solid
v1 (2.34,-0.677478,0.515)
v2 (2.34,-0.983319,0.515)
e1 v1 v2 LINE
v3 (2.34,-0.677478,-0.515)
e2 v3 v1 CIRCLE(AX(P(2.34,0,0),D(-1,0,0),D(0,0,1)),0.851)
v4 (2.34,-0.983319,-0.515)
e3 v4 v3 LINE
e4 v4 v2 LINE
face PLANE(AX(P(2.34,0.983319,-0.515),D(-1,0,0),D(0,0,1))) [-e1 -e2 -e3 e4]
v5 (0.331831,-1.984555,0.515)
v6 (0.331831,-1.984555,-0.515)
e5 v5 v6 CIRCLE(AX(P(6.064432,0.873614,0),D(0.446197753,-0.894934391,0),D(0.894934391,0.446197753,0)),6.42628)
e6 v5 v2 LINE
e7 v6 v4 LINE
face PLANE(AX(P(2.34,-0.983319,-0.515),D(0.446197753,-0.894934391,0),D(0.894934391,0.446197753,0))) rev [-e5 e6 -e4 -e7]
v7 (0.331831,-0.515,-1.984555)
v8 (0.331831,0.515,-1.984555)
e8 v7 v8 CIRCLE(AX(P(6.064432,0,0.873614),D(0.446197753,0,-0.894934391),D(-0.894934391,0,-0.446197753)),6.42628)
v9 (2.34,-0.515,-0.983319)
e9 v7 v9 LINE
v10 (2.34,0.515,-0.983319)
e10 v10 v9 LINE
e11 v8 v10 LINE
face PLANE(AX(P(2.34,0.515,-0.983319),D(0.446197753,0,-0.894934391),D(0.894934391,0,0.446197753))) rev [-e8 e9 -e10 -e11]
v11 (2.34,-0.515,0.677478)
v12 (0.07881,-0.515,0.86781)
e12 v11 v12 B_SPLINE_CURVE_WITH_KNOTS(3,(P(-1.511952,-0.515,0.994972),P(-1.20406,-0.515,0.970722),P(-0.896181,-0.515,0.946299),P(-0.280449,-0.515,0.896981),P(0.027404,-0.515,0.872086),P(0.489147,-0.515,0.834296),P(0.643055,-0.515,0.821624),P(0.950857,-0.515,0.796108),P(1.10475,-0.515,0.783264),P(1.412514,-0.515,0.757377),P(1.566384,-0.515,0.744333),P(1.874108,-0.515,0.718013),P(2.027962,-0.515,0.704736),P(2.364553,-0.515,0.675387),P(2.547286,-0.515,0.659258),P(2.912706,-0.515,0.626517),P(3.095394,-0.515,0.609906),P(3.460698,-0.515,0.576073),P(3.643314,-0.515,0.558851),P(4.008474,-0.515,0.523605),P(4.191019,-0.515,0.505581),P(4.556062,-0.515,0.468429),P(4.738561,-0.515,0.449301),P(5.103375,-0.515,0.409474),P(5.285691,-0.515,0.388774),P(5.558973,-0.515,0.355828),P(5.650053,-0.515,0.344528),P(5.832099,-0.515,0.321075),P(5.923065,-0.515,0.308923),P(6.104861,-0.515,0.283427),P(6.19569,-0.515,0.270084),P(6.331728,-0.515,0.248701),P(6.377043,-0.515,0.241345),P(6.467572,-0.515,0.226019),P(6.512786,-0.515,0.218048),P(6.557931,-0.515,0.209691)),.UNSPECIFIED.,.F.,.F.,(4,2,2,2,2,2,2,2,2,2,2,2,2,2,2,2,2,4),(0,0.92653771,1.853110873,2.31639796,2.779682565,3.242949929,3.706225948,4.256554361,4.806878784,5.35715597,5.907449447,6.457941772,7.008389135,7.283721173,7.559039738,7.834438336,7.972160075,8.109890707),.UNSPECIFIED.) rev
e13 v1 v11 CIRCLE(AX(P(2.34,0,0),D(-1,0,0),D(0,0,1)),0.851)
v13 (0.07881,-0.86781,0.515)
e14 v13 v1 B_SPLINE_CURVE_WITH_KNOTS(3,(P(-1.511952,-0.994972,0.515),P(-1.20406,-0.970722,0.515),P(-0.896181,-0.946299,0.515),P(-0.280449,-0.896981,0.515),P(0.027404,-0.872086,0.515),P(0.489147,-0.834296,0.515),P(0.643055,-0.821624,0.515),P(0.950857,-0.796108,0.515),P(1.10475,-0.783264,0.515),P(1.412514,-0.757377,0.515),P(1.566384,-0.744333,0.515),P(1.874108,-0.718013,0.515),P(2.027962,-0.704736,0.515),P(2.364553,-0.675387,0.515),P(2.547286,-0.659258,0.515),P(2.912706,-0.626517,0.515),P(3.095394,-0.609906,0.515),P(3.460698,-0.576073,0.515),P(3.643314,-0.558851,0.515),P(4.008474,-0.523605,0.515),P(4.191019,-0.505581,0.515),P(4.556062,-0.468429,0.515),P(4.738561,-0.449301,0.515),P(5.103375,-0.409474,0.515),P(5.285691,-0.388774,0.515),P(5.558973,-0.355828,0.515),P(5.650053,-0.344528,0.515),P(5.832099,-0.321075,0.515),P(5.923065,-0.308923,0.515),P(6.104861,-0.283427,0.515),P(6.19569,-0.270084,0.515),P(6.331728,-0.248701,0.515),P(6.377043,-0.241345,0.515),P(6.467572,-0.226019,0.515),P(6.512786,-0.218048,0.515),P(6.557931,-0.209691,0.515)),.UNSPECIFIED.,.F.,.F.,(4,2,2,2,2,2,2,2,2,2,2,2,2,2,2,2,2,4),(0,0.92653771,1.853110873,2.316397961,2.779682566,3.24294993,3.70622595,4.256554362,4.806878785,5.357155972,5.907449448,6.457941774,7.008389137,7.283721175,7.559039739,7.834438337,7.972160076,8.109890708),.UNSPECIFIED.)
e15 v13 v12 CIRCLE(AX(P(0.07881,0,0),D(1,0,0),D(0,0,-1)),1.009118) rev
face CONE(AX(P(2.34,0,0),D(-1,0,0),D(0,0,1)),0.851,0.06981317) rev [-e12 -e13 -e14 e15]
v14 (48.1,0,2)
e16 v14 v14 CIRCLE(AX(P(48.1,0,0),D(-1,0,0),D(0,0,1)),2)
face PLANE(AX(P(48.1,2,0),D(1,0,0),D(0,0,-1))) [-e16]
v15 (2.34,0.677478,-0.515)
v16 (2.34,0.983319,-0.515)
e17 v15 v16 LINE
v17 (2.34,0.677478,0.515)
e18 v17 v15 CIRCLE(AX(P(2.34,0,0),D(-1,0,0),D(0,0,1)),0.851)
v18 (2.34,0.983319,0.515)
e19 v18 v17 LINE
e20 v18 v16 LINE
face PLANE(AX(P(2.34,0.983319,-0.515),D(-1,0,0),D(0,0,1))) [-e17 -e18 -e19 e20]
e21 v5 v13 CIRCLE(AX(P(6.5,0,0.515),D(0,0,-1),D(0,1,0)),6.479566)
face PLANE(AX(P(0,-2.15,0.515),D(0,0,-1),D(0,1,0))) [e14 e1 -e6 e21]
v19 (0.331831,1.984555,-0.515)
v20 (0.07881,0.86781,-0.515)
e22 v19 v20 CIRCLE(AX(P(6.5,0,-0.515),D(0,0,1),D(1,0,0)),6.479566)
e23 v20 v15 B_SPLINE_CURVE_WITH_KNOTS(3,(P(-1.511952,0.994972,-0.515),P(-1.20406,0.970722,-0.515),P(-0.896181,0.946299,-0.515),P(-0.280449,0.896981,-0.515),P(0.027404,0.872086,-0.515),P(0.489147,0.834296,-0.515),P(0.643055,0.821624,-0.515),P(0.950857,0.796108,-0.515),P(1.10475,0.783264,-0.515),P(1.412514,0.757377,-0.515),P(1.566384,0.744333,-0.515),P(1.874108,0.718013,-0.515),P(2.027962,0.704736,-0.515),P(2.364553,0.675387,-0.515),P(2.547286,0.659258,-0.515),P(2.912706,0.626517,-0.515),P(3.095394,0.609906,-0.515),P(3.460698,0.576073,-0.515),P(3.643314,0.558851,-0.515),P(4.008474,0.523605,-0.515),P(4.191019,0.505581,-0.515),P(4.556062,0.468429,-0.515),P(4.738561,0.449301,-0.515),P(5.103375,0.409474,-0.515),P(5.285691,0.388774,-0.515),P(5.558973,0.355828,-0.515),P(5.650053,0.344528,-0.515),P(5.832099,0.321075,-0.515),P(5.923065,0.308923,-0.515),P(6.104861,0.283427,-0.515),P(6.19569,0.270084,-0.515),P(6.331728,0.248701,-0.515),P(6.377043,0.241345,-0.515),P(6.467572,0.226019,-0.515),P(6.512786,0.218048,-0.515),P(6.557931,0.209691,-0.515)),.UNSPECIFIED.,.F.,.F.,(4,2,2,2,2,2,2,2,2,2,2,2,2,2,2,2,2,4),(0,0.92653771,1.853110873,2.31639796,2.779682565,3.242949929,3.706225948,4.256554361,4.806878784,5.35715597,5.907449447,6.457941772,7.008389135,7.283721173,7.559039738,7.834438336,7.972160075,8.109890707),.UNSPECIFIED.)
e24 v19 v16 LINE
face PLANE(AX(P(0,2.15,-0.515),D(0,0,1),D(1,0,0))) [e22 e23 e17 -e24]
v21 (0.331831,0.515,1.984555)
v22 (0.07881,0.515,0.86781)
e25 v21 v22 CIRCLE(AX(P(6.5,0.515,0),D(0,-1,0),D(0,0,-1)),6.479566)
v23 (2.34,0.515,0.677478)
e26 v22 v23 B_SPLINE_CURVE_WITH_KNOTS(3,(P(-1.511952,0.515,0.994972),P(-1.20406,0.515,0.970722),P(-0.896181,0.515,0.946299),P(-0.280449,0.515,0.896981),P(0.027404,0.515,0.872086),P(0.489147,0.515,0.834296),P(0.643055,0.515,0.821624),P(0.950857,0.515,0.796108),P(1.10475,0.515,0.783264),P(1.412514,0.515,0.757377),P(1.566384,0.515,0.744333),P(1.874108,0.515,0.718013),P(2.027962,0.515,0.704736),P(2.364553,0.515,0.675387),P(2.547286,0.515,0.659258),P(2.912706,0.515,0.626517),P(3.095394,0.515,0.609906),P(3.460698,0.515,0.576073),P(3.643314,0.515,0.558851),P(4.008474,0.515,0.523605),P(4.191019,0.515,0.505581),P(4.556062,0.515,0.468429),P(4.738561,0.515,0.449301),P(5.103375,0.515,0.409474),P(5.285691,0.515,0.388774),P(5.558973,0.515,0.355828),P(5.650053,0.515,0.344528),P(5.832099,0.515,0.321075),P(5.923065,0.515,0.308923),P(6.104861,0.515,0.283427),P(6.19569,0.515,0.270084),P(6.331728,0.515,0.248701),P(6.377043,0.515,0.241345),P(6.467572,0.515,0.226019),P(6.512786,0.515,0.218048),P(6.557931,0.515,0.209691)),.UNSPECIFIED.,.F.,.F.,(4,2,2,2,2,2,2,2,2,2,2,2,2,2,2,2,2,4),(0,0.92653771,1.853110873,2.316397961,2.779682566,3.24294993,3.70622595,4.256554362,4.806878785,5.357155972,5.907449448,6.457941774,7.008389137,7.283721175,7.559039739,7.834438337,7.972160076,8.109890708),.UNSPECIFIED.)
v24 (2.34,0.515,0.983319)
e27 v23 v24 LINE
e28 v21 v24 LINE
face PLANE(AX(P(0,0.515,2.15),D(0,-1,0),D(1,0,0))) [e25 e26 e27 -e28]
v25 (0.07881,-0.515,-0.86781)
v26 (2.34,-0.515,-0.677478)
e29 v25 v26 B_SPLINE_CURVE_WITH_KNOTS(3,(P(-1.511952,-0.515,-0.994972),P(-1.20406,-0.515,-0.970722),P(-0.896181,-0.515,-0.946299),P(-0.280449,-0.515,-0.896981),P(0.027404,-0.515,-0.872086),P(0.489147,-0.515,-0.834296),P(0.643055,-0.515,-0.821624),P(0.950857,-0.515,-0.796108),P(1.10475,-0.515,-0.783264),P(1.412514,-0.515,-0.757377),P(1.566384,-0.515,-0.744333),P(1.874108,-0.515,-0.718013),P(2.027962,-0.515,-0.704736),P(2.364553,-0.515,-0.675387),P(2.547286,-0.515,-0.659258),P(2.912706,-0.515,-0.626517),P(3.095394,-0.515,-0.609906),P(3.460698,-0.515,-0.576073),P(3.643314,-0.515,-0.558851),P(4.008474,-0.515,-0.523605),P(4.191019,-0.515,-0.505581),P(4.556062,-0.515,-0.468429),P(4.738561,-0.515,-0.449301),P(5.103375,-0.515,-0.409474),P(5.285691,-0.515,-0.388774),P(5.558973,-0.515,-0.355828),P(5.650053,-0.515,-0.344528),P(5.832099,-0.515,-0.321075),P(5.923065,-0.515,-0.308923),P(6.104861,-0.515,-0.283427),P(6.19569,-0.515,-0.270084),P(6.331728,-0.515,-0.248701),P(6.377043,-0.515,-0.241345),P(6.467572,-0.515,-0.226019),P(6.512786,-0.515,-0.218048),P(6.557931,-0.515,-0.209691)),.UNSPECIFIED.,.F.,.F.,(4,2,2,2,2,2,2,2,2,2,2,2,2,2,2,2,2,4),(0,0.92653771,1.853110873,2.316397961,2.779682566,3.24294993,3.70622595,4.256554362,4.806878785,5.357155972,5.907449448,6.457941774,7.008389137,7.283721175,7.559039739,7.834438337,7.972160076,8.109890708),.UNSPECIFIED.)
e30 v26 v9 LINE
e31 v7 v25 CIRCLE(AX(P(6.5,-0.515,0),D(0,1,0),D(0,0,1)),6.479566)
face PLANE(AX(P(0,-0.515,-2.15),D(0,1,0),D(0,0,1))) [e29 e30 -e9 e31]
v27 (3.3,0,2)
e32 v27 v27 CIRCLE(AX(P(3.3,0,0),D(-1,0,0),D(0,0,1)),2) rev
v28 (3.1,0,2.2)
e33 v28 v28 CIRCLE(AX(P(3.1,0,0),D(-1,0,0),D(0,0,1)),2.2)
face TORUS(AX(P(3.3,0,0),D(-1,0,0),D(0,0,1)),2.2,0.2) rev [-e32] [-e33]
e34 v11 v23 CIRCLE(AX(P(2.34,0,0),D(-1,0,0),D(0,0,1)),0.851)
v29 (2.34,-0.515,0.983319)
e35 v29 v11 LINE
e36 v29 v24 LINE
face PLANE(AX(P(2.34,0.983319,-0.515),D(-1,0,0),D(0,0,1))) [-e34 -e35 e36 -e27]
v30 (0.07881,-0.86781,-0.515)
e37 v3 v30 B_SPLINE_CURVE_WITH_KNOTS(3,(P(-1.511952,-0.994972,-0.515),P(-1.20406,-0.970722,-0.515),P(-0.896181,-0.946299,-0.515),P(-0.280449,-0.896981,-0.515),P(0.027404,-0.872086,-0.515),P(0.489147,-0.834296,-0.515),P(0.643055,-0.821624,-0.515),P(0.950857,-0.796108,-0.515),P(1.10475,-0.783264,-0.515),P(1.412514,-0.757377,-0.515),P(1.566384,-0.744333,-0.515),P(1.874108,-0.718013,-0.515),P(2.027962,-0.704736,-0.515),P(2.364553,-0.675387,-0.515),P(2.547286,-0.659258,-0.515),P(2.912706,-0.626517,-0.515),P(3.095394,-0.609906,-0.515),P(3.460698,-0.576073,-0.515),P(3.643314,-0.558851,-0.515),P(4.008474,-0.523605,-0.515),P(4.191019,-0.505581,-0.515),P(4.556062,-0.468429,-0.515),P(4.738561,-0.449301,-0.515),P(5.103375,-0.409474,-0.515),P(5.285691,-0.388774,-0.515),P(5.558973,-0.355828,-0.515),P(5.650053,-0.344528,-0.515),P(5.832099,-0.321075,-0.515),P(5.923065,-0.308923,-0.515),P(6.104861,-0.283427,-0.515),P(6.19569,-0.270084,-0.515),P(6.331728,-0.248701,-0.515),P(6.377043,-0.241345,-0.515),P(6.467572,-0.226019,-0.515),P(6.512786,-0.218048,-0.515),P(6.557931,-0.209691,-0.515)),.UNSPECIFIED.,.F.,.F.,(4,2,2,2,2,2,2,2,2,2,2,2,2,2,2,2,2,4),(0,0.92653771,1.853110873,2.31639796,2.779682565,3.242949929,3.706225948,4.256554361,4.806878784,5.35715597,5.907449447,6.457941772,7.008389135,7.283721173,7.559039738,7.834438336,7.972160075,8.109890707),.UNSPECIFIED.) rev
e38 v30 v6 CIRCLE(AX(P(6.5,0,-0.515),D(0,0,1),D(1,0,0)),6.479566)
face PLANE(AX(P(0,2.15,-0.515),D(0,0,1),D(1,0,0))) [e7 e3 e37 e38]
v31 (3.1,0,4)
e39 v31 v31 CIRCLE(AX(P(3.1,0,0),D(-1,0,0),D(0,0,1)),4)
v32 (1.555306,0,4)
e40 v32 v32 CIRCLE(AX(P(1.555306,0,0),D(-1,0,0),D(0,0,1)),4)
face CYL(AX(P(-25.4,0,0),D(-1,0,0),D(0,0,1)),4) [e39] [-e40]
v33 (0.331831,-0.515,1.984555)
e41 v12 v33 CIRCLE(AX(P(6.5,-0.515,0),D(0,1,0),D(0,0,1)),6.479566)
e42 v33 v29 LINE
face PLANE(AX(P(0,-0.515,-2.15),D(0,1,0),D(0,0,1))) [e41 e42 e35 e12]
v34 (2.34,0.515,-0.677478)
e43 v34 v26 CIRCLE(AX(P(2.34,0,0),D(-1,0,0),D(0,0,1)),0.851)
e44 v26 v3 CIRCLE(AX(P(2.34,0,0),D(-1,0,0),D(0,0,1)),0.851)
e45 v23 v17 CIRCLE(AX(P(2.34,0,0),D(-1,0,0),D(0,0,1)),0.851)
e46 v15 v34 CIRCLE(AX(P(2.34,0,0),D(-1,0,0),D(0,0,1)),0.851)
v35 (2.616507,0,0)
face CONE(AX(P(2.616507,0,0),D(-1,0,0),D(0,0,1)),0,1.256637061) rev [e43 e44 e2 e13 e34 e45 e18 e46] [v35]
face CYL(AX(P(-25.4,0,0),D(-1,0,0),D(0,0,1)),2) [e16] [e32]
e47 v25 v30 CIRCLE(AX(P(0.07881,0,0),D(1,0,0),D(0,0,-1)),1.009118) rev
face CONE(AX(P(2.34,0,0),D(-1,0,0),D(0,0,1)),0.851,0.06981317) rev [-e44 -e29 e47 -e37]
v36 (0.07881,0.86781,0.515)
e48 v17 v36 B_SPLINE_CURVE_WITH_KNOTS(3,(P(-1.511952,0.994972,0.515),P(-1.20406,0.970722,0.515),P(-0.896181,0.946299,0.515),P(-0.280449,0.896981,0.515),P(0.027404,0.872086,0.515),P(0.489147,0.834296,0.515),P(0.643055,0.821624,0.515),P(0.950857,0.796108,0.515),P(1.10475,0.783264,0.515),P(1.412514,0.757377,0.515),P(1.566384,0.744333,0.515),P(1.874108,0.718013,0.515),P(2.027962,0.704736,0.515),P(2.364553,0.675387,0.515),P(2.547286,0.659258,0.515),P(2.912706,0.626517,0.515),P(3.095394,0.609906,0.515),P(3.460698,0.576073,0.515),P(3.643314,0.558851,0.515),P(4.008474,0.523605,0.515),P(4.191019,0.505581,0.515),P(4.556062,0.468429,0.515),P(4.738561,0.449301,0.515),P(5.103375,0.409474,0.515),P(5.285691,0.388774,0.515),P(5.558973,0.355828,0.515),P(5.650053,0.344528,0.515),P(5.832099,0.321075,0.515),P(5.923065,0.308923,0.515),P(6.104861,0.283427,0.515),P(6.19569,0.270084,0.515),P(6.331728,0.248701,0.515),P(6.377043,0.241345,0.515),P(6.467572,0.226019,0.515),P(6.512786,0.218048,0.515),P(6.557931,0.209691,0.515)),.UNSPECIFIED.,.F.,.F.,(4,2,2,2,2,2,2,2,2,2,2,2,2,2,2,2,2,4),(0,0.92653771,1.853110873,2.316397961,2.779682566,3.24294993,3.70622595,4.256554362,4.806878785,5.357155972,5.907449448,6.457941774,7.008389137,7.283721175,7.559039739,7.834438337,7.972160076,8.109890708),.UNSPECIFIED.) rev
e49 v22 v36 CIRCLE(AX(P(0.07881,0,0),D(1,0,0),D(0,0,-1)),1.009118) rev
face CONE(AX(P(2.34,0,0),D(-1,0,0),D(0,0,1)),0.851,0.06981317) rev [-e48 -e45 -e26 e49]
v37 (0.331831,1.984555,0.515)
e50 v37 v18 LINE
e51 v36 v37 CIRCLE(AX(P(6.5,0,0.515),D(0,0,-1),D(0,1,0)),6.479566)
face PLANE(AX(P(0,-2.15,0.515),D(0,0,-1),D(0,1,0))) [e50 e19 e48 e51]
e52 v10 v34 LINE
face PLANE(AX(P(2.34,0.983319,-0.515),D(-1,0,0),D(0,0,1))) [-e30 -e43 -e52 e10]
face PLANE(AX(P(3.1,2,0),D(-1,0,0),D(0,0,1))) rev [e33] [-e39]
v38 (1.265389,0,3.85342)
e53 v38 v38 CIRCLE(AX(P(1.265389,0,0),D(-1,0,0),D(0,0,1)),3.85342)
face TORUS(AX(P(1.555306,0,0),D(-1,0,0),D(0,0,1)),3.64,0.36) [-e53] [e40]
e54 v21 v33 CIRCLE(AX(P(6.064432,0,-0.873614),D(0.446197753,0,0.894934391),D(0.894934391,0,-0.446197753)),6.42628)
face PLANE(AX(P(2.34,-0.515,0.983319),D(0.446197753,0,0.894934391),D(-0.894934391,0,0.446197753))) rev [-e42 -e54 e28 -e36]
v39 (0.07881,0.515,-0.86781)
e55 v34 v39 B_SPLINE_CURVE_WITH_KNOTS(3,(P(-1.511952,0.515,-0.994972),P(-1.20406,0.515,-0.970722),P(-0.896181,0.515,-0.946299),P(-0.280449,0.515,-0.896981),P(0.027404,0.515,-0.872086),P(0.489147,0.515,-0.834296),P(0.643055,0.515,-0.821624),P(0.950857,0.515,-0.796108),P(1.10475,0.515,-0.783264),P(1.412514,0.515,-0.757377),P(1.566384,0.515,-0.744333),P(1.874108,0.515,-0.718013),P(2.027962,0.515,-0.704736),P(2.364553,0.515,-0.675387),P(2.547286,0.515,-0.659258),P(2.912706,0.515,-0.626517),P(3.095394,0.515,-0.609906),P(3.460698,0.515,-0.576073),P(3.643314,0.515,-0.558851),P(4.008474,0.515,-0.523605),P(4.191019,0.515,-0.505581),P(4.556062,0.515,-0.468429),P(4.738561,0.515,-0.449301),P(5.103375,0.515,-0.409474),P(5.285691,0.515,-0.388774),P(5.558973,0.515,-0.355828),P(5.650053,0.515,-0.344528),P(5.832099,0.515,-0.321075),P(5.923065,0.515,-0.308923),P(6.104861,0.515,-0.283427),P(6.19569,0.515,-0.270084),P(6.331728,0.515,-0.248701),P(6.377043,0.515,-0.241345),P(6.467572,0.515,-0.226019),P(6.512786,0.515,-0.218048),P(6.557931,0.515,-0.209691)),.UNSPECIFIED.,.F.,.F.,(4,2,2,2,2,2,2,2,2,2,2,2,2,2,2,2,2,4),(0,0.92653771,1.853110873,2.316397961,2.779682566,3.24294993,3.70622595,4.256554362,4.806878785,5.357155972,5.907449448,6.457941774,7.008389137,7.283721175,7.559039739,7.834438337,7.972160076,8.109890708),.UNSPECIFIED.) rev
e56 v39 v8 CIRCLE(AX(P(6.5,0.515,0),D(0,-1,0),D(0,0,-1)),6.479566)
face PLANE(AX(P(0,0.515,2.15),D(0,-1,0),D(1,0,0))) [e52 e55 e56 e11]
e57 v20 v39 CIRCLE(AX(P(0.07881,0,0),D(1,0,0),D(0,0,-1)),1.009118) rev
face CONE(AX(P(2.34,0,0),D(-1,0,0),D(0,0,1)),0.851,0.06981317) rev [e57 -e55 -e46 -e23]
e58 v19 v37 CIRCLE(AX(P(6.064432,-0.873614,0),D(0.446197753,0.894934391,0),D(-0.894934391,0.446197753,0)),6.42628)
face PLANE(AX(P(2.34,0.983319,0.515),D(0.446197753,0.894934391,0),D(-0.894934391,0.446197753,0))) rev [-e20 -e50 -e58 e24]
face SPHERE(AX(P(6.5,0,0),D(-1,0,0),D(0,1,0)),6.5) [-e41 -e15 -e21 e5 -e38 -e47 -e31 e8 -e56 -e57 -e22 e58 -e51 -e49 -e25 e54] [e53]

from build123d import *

# Parameters (mm, degrees)
FILLET1_R    = 0.2
RECPAT_COUNT = 2
RECPAT_ANGLE = 90


with BuildPart() as part:
    # BodySke → Base-Revolve (revolve)
    with BuildSketch(Plane.XY, mode=Mode.PRIVATE) as base_revolve_sk:
        with BuildLine():
            Line((3.1, 2), (3.1, 4))
            Line((3.1, 4), (1.555305874, 4))
            ThreePointArc((1.555305874, 4), (1.392873227, 3.961271902), (1.265388955, 3.853420195))
            ThreePointArc((1.265388955, 3.853420195), (0.324444487, 2.027933456), (0, 0))
            Line((0, 0), (48.1, 0))
            Line((48.1, 0), (48.1, 2))
            Line((48.1, 2), (3.1, 2))
        make_face()
    revolve(base_revolve_sk.sketch.rotate(Axis((1.555305874, 0, 0), (1, 0, 0)), 90), axis=Axis((1.555305874, 0, 0), (1, 0, 0)))

    # Fillet1
    fillet1_edges = [part.edges().sort_by_distance(p)[0] for p in [
        (3.1, 0, -2),
    ]]
    fillet(fillet1_edges, radius=FILLET1_R)

    # Sketch3 → Recess section 0
    with BuildSketch(Plane(origin=(0, 0, 0), x_dir=(0, 0, -1), z_dir=(1, 0, 0))):
        with BuildLine():
            Line((0.515, -2.15), (-0.515, -2.15))
            Line((-0.515, -2.15), (-0.515, 2.15))
            Line((-0.515, 2.15), (0.515, 2.15))
            Line((0.515, 2.15), (0.515, -2.15))
        make_face()
    # Sketch4 → Recess section 1
    with BuildSketch(Plane(origin=(2.34, 0, 0), x_dir=(0, 0, -1), z_dir=(1, 0, 0))):
        with BuildLine():
            Line((0.515, -0.983319232), (-0.515, -0.983319232))
            Line((-0.515, -0.983319232), (-0.515, 0.983319232))
            Line((-0.515, 0.983319232), (0.515, 0.983319232))
            Line((0.515, 0.983319232), (0.515, -0.983319232))
        make_face()
    recess = loft(mode=Mode.SUBTRACT)

    # RecPat: Recess ×2 about axis
    recpat_axis = Axis((0, 0, 0), (1, 0, 0))
    for i in range(1, RECPAT_COUNT):
        add(recess.rotate(recpat_axis, i * RECPAT_ANGLE / (RECPAT_COUNT - 1)), mode=Mode.SUBTRACT)

    # RecCorSke → RecessCore (revolve, cut)
    with BuildSketch(Plane.XY, mode=Mode.PRIVATE) as recesscore_sk:
        Polygon((0, 0), (0, 1.01462874), (2.34, 0.851), (2.616506661, 0), align=None)
    revolve(recesscore_sk.sketch.rotate(Axis((-3.175, 0, 0), (1, 0, 0)), 345.452408241), axis=Axis((-3.175, 0, 0), (1, 0, 0)), mode=Mode.SUBTRACT)


solid = part.part
